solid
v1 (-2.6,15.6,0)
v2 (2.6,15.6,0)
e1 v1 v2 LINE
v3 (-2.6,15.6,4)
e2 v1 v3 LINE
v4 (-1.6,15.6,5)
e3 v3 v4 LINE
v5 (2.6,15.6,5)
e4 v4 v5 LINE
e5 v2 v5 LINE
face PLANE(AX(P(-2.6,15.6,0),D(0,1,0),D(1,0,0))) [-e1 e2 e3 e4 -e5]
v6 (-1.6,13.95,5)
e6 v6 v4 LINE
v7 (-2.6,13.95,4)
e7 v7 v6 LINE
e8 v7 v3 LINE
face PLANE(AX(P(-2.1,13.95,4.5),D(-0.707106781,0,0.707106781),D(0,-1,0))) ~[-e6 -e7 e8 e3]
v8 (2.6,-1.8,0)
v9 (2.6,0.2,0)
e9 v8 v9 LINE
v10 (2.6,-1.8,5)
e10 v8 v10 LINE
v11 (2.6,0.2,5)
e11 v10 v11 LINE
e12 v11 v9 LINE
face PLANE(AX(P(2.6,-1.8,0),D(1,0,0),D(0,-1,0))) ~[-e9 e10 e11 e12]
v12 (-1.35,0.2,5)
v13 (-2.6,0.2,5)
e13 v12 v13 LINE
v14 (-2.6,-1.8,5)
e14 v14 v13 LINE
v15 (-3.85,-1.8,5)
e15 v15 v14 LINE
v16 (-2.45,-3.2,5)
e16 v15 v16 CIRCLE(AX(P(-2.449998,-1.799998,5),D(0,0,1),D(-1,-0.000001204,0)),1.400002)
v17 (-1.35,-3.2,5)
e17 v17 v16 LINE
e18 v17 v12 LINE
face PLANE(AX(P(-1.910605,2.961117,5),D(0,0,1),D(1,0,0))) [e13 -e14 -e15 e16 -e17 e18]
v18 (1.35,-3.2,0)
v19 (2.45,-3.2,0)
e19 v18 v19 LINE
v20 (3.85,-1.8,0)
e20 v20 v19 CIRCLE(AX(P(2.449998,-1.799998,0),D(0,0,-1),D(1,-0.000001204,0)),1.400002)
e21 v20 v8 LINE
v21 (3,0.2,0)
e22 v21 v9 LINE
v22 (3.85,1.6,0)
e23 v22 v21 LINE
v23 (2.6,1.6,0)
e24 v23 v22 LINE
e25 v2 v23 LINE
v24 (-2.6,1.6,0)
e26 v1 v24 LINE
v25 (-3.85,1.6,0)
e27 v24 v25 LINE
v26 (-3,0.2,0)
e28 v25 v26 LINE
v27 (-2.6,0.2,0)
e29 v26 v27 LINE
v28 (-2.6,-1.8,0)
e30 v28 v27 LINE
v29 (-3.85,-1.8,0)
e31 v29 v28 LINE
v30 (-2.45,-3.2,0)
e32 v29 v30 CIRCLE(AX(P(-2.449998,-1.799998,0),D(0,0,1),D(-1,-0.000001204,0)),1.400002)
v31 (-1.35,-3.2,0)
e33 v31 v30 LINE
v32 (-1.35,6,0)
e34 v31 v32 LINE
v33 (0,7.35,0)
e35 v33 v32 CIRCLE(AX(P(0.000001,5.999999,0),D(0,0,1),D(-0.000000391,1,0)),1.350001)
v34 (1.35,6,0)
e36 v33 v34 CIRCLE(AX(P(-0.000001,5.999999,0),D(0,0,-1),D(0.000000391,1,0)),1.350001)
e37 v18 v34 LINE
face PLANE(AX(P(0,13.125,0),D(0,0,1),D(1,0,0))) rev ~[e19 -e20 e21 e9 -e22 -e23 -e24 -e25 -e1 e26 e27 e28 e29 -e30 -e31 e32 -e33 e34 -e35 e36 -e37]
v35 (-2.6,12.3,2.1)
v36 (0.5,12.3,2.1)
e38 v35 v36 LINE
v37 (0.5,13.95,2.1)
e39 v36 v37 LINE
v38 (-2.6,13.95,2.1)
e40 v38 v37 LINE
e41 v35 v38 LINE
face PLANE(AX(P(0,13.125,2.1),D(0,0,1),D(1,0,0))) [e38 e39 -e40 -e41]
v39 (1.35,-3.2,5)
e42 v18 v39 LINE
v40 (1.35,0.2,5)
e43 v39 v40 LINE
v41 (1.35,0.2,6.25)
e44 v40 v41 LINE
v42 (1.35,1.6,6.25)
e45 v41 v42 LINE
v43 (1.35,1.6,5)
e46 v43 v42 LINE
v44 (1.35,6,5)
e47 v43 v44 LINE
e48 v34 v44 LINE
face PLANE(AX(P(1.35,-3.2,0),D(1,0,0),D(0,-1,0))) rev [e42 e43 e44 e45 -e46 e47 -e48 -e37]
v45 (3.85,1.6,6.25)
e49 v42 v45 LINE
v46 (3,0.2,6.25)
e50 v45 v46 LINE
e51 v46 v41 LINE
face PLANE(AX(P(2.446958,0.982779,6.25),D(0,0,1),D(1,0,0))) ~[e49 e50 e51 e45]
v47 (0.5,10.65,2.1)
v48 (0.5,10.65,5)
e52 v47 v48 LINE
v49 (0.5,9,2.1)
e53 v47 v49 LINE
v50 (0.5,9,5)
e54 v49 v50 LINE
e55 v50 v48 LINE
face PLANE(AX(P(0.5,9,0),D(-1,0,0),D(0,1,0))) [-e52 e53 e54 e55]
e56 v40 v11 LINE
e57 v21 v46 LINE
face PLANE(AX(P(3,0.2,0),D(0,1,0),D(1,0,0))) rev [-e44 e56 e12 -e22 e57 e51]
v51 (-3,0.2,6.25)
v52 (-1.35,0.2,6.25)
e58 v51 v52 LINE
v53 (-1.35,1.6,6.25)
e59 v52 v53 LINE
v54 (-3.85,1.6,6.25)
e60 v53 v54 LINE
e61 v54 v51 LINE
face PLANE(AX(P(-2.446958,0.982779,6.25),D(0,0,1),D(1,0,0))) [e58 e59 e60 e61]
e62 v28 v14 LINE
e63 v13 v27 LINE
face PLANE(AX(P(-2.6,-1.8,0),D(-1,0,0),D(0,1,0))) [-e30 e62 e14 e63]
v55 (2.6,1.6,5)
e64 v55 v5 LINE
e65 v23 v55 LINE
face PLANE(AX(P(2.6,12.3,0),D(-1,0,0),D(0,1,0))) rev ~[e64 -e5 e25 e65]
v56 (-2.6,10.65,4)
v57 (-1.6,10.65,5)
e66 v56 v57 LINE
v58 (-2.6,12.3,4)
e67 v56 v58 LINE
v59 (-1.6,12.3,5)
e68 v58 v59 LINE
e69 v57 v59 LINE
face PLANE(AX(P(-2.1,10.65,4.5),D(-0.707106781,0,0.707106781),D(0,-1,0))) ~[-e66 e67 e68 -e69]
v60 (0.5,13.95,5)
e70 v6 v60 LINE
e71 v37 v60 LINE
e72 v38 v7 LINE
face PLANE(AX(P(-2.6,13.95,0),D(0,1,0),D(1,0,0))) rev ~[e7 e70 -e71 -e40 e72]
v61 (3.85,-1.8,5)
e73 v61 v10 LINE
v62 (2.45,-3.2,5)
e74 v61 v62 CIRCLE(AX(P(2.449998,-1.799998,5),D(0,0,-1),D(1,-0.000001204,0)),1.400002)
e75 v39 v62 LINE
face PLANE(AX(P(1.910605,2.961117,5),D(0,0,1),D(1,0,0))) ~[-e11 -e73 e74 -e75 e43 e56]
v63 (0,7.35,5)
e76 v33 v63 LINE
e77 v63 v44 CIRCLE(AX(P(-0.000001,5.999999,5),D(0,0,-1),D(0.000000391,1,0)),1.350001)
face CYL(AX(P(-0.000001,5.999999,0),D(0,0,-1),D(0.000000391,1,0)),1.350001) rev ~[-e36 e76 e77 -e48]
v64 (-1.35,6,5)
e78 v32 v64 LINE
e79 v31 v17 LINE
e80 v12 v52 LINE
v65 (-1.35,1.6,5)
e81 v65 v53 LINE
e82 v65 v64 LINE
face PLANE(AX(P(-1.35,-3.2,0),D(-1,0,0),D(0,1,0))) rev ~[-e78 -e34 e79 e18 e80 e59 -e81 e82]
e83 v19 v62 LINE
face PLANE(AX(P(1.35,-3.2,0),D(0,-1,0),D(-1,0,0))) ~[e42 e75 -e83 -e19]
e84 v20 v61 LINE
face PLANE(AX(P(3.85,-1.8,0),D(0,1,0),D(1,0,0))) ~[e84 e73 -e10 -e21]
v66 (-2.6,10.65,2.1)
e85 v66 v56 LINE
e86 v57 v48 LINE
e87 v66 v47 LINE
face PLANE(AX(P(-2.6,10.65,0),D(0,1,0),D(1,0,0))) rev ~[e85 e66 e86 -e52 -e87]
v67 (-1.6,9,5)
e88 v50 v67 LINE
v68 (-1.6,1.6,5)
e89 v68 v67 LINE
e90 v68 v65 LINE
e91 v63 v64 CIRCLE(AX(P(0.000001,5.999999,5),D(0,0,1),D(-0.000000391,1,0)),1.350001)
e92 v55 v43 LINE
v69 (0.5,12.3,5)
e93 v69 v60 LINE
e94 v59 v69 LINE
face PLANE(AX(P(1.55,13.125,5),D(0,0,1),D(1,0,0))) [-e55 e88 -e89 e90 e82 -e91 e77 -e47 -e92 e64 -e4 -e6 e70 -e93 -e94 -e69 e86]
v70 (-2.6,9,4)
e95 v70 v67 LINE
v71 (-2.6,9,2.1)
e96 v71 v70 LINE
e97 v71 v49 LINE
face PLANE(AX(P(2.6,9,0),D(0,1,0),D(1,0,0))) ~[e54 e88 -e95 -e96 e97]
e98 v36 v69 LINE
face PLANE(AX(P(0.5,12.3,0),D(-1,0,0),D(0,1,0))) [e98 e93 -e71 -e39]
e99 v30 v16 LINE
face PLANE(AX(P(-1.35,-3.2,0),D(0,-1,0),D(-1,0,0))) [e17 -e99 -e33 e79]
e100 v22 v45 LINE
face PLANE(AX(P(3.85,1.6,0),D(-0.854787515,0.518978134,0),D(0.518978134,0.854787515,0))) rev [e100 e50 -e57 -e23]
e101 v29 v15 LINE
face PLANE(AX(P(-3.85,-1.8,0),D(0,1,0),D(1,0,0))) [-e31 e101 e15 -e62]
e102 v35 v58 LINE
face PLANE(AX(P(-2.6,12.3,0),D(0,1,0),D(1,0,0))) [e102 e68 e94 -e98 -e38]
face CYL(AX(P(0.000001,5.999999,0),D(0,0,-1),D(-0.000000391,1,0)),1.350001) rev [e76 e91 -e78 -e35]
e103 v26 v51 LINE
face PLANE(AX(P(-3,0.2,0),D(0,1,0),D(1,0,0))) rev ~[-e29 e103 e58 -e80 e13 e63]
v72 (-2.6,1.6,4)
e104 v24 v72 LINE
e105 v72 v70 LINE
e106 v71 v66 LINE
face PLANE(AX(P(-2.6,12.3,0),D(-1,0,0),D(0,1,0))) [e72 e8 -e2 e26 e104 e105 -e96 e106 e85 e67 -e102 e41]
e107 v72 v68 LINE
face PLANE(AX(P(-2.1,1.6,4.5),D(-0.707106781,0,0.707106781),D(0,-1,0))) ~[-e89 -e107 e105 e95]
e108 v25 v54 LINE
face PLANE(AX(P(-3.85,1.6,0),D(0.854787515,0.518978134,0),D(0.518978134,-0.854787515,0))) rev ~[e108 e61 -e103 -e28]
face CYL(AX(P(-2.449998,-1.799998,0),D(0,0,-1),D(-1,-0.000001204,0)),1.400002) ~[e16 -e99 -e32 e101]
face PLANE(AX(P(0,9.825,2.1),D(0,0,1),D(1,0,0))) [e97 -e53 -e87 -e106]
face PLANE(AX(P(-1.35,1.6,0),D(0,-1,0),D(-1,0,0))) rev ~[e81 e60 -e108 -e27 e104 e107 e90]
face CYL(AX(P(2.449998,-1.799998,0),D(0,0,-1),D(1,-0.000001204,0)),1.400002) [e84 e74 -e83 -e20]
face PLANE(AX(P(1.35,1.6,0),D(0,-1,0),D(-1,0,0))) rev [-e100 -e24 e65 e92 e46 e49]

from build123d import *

# Parameters (mm, degrees)
PAD017_DEPTH           = 5
PAD020_DEPTH           = 6.25
SKETCH040_W            = 5.2
SKETCH040_H            = 1.65
PAD022_DEPTH           = 2.1
SKETCH041_W            = 2.1
SKETCH041_H            = 1.65
PAD023_DEPTH           = 5
SKETCH042_W            = 5.2
SKETCH042_H            = 1.65
PAD024_DEPTH           = 5
LINEARPATTERN010_COUNT = 2
LINEARPATTERN010_PITCH = 3.3
CHAMFER_SIZE           = 1


with BuildPart() as bc_c:
    # Sketch034 → Pad017 (new body)
    with BuildSketch(Plane.XY):
        with BuildLine():
            Line((-1.35, -1.8), (-1.35, 6))
            ThreePointArc((0, 7.35), (-0.954594, 6.954594), (-1.35, 6))
            Line((0, 9), (0, 7.35))
            Line((-2.6, 9), (0, 9))
            Line((-2.6, -1.8), (-2.6, 9))
            Line((-3.85, -1.8), (-2.6, -1.8))
            ThreePointArc((-3.85, -1.8), (-3.439949, -2.789949), (-2.45, -3.2))
            Line((-1.35, -3.2), (-2.45, -3.2))
            Line((-1.35, -1.8), (-1.35, -3.2))
        make_face()
    extrude(amount=PAD017_DEPTH)

    # Sketch037 → Pad020 (join)
    with BuildSketch(Plane.XY):
        Polygon((-1.35, 0.2), (-1.35, 1.6), (-2.6, 1.6), (-3.85, 1.6), (-3, 0.2), (-2.6, 0.2), align=None)
    extrude(amount=PAD020_DEPTH)


with BuildPart() as bc_s_mirrored:
    # Mirror001: instance of _bc_c
    add(bc_c.part.mirror(Plane(origin=(0, 0, 0), x_dir=(0, 1, 0), z_dir=(-1, 0, 0))))


with BuildPart() as body012:
    # Fusion001 base: copy of _bc_c
    add(bc_c.part)

    # Fusion001: union _bc_s(mirrored)
    add(bc_s_mirrored.part)

    # Sketch040 → Pad022 (new body)
    with BuildSketch(Plane.XY):
        with Locations((0, 9.825)):
            Rectangle(SKETCH040_W, SKETCH040_H)
    pad022 = extrude(amount=PAD022_DEPTH)

    # Sketch041 → Pad023 (join)
    with BuildSketch(Plane.XY):
        with Locations((1.55, 9.825)):
            Rectangle(SKETCH041_W, SKETCH041_H)
    pad023 = extrude(amount=PAD023_DEPTH)

    # Sketch042 → Pad024 (join)
    with BuildSketch(Plane.XY):
        with Locations((0, 11.475)):
            Rectangle(SKETCH042_W, SKETCH042_H)
    pad024 = extrude(amount=PAD024_DEPTH)

    # LinearPattern010: Pad024, Pad023, Pad022 ×2
    with Locations(*[(0, i * LINEARPATTERN010_PITCH, 0) for i in range(1, LINEARPATTERN010_COUNT)]):
        add(pad024)
        add(pad023)
        add(pad022)

    # Chamfer
    chamfer_edges = [body012.edges().sort_by_distance(p)[0] for p in [
        (-2.6, 5.3, 5),
        (-2.6, 11.475, 5),
        (-2.6, 14.775, 5),
    ]]
    chamfer(chamfer_edges, length=CHAMFER_SIZE)


solid = body012.part
